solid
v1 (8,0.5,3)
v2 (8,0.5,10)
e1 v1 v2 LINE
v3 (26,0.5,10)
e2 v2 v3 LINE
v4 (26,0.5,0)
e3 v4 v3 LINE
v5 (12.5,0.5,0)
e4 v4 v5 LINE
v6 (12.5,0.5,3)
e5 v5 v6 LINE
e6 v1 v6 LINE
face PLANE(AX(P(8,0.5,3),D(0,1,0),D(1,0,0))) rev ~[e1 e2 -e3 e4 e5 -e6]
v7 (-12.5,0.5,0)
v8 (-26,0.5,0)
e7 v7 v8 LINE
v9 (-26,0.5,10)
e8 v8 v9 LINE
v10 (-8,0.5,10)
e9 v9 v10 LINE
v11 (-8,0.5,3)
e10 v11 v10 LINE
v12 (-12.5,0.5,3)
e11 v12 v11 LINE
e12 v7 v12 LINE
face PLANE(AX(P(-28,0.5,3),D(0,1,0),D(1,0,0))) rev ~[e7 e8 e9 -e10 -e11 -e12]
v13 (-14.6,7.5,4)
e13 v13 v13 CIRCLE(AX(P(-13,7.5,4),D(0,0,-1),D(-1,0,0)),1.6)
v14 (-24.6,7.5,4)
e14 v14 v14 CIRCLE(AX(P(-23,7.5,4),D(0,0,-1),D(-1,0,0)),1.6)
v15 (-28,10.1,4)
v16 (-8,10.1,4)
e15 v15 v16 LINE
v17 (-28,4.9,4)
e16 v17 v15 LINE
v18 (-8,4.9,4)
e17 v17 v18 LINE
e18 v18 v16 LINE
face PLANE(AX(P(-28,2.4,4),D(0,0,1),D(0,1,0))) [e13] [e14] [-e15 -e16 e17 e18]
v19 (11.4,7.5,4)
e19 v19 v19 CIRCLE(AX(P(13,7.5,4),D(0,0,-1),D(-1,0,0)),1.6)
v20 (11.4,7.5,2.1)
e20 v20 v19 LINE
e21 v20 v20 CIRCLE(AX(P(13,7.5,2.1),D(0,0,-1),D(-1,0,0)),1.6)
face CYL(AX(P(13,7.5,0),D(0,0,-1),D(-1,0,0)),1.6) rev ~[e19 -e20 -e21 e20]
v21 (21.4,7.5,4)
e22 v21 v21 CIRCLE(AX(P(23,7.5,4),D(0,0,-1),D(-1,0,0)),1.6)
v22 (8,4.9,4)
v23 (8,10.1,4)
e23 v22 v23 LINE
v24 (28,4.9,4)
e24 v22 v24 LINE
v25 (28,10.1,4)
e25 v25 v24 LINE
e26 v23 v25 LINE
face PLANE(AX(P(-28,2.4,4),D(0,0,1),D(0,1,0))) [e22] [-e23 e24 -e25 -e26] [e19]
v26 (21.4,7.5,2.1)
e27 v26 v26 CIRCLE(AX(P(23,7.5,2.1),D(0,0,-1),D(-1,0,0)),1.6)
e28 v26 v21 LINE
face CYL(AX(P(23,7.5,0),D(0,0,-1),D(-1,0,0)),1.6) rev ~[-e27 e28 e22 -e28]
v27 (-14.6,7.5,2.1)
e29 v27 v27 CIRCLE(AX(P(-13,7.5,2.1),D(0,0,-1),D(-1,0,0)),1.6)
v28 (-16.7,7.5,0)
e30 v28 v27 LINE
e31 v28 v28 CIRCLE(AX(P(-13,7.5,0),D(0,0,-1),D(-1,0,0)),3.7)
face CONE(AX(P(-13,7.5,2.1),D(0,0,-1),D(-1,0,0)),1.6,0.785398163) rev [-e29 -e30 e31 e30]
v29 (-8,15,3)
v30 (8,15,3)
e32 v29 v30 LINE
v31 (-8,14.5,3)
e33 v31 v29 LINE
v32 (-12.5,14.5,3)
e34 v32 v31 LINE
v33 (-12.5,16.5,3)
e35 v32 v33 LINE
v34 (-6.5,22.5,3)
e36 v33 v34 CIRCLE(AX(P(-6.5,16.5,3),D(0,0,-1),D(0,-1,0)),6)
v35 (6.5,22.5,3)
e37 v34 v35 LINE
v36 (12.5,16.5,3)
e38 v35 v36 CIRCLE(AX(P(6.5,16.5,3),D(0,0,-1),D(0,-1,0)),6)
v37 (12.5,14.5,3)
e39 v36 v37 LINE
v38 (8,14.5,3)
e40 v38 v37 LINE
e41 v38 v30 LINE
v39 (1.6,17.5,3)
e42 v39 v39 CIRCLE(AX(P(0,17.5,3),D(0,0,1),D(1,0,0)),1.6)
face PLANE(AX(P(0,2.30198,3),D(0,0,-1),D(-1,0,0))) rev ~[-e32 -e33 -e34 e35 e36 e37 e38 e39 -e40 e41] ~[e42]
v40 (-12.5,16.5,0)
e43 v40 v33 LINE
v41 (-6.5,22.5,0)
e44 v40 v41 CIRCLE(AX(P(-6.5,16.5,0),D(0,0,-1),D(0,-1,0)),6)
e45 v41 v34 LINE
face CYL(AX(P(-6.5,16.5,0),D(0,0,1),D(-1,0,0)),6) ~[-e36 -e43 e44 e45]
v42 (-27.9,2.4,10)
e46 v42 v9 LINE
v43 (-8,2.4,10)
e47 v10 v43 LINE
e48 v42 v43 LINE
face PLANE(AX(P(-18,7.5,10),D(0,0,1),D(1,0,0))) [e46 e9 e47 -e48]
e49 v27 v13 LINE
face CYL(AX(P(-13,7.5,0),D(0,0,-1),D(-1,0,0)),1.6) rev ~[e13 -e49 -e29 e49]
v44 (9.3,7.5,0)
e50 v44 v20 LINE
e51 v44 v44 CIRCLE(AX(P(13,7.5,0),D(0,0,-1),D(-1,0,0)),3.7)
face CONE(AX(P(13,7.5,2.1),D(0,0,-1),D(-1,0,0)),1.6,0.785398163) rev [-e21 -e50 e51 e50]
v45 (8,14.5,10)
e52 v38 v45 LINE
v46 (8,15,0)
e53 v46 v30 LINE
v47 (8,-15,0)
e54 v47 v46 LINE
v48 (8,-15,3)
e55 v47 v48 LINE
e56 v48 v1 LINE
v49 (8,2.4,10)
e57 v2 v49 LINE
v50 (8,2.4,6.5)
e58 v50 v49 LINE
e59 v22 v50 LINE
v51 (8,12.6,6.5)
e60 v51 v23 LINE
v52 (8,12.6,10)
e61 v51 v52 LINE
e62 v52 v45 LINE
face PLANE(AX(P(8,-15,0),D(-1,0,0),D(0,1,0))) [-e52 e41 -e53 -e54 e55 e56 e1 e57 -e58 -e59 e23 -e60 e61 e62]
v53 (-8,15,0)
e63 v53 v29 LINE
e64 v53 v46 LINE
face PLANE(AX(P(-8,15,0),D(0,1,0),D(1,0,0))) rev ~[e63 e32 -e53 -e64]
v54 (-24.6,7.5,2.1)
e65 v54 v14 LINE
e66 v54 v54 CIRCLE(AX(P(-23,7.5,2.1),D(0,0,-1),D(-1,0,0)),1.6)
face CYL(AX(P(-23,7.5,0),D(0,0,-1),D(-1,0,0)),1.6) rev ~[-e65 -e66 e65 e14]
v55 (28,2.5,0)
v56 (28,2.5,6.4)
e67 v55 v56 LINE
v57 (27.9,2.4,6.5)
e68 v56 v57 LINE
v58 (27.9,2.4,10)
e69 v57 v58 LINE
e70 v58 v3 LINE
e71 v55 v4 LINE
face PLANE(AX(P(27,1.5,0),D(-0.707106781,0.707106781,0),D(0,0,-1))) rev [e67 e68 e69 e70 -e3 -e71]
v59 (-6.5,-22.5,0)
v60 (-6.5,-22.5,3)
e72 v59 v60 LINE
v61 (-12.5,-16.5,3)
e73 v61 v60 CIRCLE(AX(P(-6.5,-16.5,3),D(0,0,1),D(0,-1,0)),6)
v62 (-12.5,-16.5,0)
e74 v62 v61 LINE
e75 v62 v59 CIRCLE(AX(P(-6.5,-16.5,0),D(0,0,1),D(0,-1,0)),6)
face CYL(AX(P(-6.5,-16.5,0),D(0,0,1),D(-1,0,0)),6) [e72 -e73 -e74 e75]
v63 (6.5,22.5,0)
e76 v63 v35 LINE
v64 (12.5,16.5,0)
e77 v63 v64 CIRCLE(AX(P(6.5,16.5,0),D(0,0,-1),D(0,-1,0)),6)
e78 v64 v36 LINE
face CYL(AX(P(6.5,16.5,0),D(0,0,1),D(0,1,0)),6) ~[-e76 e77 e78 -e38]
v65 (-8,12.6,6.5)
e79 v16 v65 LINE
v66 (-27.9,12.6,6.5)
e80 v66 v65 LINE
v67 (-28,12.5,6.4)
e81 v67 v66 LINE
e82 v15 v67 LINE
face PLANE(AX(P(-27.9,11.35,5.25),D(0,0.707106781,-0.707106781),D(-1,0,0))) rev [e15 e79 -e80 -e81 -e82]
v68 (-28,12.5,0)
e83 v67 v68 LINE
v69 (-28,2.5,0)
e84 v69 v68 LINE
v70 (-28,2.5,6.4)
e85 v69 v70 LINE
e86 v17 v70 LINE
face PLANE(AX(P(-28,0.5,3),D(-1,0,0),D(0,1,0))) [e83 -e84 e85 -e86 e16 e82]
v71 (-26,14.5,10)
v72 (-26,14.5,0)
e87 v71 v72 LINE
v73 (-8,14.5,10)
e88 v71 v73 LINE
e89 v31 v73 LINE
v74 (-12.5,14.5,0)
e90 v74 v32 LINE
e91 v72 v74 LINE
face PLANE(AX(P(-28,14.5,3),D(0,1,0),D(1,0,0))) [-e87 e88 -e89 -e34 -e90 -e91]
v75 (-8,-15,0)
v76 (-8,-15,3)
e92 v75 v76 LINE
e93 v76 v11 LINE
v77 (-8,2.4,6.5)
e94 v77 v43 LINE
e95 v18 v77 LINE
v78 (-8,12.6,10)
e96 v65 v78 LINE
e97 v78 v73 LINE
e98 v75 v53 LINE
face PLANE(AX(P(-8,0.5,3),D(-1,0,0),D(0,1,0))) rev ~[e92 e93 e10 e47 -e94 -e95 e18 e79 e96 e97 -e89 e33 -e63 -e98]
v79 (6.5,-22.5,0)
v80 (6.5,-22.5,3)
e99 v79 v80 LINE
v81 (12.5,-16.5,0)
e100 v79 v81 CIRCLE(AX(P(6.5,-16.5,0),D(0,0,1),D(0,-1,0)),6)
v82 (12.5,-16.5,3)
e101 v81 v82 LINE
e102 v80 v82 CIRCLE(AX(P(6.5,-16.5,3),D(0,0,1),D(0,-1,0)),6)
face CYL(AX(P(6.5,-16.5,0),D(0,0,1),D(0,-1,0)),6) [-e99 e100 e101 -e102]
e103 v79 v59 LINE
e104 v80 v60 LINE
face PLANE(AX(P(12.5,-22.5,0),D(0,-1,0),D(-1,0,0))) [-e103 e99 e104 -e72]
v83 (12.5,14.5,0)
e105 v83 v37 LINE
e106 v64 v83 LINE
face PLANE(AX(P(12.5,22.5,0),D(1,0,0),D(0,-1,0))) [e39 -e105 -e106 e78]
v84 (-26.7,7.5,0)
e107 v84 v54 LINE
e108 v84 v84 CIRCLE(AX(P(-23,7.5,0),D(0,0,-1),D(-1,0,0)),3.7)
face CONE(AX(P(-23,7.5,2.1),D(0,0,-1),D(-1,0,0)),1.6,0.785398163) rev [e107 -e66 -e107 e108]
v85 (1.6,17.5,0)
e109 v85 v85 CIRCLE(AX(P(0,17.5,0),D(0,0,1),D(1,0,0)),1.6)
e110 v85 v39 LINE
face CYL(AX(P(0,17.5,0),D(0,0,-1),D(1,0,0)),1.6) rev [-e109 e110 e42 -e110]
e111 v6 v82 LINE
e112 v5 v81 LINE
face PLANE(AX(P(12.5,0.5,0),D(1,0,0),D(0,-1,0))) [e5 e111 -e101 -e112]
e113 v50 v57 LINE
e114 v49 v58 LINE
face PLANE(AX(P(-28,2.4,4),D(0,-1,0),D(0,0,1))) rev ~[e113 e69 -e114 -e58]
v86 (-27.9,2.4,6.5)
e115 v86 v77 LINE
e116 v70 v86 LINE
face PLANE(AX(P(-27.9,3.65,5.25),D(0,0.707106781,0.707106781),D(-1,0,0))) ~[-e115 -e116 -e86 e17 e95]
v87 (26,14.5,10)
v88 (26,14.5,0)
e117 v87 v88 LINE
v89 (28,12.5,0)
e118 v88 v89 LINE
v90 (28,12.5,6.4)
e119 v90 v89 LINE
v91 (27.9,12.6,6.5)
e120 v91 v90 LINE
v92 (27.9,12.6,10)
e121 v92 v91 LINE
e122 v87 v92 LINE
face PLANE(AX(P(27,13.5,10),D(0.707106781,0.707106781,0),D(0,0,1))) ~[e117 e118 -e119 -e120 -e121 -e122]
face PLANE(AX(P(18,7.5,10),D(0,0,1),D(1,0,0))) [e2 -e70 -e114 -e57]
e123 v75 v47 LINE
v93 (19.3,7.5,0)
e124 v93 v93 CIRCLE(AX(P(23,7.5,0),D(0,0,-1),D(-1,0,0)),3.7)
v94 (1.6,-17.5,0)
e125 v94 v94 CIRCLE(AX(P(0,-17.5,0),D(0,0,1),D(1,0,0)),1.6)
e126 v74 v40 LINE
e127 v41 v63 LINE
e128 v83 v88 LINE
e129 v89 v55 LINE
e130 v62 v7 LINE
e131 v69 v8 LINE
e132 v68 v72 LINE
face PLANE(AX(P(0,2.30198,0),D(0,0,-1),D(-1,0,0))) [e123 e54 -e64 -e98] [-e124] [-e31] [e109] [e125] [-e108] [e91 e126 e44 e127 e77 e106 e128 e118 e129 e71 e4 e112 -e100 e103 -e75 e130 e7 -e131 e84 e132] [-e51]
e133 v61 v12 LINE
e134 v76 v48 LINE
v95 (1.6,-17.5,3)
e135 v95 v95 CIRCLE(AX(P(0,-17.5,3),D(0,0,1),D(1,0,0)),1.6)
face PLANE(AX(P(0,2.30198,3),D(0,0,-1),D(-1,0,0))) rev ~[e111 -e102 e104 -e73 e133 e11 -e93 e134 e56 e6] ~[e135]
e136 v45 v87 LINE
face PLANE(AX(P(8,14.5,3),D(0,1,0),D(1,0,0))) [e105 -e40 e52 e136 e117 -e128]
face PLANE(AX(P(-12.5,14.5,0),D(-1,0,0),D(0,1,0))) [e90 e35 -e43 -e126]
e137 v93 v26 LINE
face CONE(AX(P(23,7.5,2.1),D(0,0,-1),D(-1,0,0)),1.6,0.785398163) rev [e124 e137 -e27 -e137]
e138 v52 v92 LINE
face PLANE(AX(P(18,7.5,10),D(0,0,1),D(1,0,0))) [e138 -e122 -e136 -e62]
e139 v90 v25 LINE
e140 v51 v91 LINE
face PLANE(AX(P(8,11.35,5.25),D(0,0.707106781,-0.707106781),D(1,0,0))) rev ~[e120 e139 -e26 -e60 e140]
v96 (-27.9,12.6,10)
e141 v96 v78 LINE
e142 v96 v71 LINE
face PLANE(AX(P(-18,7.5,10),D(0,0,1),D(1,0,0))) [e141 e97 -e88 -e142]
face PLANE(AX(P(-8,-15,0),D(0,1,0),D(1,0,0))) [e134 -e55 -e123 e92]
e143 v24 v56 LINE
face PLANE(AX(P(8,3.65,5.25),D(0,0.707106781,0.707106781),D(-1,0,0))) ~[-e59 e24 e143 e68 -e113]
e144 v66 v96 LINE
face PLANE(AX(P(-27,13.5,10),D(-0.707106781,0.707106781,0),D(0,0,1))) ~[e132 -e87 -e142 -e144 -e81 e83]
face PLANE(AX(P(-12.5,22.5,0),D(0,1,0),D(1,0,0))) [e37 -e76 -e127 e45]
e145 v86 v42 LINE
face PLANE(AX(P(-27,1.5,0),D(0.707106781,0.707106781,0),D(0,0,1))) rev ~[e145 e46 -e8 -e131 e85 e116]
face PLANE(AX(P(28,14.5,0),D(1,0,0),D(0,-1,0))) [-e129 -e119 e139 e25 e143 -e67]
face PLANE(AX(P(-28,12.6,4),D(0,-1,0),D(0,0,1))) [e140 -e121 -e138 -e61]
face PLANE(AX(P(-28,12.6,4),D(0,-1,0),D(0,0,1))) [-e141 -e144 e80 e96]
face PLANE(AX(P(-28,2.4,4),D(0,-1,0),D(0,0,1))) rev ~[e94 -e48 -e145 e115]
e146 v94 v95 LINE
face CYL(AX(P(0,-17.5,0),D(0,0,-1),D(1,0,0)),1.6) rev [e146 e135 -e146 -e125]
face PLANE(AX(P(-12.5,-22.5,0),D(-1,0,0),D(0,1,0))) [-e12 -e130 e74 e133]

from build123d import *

# Parameters (mm, degrees)
ESQUISSE1_R             = 1.6
ESQUISSE1_W             = 16
ESQUISSE1_H             = 30
BOSS_EXTRU_1_DEPTH      = 3
ESQUISSE2_W             = 20
ESQUISSE2_H             = 14
BOSS_EXTRU_2_DEPTH      = 7
ESQUISSE3_W             = 9.671871363
ESQUISSE3_H             = 10.2
ENL_V_MAT_EXTRU_1_DEPTH = 62.173932357
CHANFREIN1_SIZE         = 2
CHANFREIN2_SIZE         = 2.5
ESQUISSE4_R             = 1.6
ENL_V_MAT_EXTRU_2_DEPTH = 7
CONG_1_R                = 6
CHANFREIN3_SIZE         = 2.1


with BuildPart() as part:
    # Esquisse1 → Boss.-Extru.1 (new body)
    with BuildSketch(Plane.XY):
        Polygon((-12.5, 14.5), (-12.5, 22.5), (12.5, 22.5), (12.5, 14.5), (28, 14.5), (28, 0.5), (12.5, 0.5), (12.5, -22.5), (-12.5, -22.5), (-12.5, 0.5), (-28, 0.5), (-28, 14.5), align=None)
        with Locations((0, 17.5)):
            Circle(ESQUISSE1_R, mode=Mode.SUBTRACT)
        with Locations((0, -17.5)):
            Circle(ESQUISSE1_R, mode=Mode.SUBTRACT)
        Rectangle(ESQUISSE1_W, ESQUISSE1_H, mode=Mode.SUBTRACT)
    extrude(amount=BOSS_EXTRU_1_DEPTH)

    # Esquisse2 → Boss.-Extru.2 (add)
    with BuildSketch(Plane.XY.offset(3)):
        with Locations((-18, 7.5)):
            Rectangle(ESQUISSE2_W, ESQUISSE2_H)
        with Locations((18, 7.5)):
            Rectangle(ESQUISSE2_W, ESQUISSE2_H)
    extrude(amount=BOSS_EXTRU_2_DEPTH)

    # Esquisse3 → Enlèv. mat.-Extru.1 (cut, through all)
    with BuildSketch(Plane.ZY.offset(28)):
        with Locations((8.835935682, 7.5)):
            Rectangle(ESQUISSE3_W, ESQUISSE3_H)
    extrude(amount=-ENL_V_MAT_EXTRU_1_DEPTH, mode=Mode.SUBTRACT)

    # Chanfrein1
    chanfrein1_edges = [part.edges().sort_by_distance(p)[0] for p in [
        (28, 0.5, 5),
        (28, 14.5, 5),
        (-28, 0.5, 5),
        (-28, 14.5, 5),
    ]]
    chamfer(chanfrein1_edges, length=CHANFREIN1_SIZE)

    # Chanfrein2
    chanfrein2_edges = [part.edges().sort_by_distance(p)[0] for p in [
        (-17.95, 12.6, 4),
        (-17.95, 2.4, 4),
        (17.95, 12.6, 4),
        (17.95, 2.4, 4),
    ]]
    chamfer(chanfrein2_edges, length=CHANFREIN2_SIZE)

    # Esquisse4 → Enlèv. mat.-Extru.2 (cut)
    with BuildSketch(Plane(origin=(0, 0, 0), x_dir=(-1, 0, 0), z_dir=(0, 0, -1))):
        with Locations((23, 7.5)):
            Circle(ESQUISSE4_R)
        with Locations((13, 7.5)):
            Circle(ESQUISSE4_R)
        with Locations((-13, 7.5)):
            Circle(ESQUISSE4_R)
        with Locations((-23, 7.5)):
            Circle(ESQUISSE4_R)
    extrude(amount=-ENL_V_MAT_EXTRU_2_DEPTH, mode=Mode.SUBTRACT)

    # Congé1
    cong_1_edges = [part.edges().sort_by_distance(p)[0] for p in [
        (12.5, -22.5, 1.5),
        (-12.5, -22.5, 1.5),
        (-12.5, 22.5, 1.5),
        (12.5, 22.5, 1.5),
    ]]
    fillet(cong_1_edges, radius=CONG_1_R)

    # Chanfrein3
    chanfrein3_edges = [part.edges().sort_by_distance(p)[0] for p in [
        (-21.4, 7.5, 0),
        (-11.4, 7.5, 0),
        (14.6, 7.5, 0),
        (24.6, 7.5, 0),
    ]]
    chamfer(chanfrein3_edges, length=CHANFREIN3_SIZE)


solid = part.part
